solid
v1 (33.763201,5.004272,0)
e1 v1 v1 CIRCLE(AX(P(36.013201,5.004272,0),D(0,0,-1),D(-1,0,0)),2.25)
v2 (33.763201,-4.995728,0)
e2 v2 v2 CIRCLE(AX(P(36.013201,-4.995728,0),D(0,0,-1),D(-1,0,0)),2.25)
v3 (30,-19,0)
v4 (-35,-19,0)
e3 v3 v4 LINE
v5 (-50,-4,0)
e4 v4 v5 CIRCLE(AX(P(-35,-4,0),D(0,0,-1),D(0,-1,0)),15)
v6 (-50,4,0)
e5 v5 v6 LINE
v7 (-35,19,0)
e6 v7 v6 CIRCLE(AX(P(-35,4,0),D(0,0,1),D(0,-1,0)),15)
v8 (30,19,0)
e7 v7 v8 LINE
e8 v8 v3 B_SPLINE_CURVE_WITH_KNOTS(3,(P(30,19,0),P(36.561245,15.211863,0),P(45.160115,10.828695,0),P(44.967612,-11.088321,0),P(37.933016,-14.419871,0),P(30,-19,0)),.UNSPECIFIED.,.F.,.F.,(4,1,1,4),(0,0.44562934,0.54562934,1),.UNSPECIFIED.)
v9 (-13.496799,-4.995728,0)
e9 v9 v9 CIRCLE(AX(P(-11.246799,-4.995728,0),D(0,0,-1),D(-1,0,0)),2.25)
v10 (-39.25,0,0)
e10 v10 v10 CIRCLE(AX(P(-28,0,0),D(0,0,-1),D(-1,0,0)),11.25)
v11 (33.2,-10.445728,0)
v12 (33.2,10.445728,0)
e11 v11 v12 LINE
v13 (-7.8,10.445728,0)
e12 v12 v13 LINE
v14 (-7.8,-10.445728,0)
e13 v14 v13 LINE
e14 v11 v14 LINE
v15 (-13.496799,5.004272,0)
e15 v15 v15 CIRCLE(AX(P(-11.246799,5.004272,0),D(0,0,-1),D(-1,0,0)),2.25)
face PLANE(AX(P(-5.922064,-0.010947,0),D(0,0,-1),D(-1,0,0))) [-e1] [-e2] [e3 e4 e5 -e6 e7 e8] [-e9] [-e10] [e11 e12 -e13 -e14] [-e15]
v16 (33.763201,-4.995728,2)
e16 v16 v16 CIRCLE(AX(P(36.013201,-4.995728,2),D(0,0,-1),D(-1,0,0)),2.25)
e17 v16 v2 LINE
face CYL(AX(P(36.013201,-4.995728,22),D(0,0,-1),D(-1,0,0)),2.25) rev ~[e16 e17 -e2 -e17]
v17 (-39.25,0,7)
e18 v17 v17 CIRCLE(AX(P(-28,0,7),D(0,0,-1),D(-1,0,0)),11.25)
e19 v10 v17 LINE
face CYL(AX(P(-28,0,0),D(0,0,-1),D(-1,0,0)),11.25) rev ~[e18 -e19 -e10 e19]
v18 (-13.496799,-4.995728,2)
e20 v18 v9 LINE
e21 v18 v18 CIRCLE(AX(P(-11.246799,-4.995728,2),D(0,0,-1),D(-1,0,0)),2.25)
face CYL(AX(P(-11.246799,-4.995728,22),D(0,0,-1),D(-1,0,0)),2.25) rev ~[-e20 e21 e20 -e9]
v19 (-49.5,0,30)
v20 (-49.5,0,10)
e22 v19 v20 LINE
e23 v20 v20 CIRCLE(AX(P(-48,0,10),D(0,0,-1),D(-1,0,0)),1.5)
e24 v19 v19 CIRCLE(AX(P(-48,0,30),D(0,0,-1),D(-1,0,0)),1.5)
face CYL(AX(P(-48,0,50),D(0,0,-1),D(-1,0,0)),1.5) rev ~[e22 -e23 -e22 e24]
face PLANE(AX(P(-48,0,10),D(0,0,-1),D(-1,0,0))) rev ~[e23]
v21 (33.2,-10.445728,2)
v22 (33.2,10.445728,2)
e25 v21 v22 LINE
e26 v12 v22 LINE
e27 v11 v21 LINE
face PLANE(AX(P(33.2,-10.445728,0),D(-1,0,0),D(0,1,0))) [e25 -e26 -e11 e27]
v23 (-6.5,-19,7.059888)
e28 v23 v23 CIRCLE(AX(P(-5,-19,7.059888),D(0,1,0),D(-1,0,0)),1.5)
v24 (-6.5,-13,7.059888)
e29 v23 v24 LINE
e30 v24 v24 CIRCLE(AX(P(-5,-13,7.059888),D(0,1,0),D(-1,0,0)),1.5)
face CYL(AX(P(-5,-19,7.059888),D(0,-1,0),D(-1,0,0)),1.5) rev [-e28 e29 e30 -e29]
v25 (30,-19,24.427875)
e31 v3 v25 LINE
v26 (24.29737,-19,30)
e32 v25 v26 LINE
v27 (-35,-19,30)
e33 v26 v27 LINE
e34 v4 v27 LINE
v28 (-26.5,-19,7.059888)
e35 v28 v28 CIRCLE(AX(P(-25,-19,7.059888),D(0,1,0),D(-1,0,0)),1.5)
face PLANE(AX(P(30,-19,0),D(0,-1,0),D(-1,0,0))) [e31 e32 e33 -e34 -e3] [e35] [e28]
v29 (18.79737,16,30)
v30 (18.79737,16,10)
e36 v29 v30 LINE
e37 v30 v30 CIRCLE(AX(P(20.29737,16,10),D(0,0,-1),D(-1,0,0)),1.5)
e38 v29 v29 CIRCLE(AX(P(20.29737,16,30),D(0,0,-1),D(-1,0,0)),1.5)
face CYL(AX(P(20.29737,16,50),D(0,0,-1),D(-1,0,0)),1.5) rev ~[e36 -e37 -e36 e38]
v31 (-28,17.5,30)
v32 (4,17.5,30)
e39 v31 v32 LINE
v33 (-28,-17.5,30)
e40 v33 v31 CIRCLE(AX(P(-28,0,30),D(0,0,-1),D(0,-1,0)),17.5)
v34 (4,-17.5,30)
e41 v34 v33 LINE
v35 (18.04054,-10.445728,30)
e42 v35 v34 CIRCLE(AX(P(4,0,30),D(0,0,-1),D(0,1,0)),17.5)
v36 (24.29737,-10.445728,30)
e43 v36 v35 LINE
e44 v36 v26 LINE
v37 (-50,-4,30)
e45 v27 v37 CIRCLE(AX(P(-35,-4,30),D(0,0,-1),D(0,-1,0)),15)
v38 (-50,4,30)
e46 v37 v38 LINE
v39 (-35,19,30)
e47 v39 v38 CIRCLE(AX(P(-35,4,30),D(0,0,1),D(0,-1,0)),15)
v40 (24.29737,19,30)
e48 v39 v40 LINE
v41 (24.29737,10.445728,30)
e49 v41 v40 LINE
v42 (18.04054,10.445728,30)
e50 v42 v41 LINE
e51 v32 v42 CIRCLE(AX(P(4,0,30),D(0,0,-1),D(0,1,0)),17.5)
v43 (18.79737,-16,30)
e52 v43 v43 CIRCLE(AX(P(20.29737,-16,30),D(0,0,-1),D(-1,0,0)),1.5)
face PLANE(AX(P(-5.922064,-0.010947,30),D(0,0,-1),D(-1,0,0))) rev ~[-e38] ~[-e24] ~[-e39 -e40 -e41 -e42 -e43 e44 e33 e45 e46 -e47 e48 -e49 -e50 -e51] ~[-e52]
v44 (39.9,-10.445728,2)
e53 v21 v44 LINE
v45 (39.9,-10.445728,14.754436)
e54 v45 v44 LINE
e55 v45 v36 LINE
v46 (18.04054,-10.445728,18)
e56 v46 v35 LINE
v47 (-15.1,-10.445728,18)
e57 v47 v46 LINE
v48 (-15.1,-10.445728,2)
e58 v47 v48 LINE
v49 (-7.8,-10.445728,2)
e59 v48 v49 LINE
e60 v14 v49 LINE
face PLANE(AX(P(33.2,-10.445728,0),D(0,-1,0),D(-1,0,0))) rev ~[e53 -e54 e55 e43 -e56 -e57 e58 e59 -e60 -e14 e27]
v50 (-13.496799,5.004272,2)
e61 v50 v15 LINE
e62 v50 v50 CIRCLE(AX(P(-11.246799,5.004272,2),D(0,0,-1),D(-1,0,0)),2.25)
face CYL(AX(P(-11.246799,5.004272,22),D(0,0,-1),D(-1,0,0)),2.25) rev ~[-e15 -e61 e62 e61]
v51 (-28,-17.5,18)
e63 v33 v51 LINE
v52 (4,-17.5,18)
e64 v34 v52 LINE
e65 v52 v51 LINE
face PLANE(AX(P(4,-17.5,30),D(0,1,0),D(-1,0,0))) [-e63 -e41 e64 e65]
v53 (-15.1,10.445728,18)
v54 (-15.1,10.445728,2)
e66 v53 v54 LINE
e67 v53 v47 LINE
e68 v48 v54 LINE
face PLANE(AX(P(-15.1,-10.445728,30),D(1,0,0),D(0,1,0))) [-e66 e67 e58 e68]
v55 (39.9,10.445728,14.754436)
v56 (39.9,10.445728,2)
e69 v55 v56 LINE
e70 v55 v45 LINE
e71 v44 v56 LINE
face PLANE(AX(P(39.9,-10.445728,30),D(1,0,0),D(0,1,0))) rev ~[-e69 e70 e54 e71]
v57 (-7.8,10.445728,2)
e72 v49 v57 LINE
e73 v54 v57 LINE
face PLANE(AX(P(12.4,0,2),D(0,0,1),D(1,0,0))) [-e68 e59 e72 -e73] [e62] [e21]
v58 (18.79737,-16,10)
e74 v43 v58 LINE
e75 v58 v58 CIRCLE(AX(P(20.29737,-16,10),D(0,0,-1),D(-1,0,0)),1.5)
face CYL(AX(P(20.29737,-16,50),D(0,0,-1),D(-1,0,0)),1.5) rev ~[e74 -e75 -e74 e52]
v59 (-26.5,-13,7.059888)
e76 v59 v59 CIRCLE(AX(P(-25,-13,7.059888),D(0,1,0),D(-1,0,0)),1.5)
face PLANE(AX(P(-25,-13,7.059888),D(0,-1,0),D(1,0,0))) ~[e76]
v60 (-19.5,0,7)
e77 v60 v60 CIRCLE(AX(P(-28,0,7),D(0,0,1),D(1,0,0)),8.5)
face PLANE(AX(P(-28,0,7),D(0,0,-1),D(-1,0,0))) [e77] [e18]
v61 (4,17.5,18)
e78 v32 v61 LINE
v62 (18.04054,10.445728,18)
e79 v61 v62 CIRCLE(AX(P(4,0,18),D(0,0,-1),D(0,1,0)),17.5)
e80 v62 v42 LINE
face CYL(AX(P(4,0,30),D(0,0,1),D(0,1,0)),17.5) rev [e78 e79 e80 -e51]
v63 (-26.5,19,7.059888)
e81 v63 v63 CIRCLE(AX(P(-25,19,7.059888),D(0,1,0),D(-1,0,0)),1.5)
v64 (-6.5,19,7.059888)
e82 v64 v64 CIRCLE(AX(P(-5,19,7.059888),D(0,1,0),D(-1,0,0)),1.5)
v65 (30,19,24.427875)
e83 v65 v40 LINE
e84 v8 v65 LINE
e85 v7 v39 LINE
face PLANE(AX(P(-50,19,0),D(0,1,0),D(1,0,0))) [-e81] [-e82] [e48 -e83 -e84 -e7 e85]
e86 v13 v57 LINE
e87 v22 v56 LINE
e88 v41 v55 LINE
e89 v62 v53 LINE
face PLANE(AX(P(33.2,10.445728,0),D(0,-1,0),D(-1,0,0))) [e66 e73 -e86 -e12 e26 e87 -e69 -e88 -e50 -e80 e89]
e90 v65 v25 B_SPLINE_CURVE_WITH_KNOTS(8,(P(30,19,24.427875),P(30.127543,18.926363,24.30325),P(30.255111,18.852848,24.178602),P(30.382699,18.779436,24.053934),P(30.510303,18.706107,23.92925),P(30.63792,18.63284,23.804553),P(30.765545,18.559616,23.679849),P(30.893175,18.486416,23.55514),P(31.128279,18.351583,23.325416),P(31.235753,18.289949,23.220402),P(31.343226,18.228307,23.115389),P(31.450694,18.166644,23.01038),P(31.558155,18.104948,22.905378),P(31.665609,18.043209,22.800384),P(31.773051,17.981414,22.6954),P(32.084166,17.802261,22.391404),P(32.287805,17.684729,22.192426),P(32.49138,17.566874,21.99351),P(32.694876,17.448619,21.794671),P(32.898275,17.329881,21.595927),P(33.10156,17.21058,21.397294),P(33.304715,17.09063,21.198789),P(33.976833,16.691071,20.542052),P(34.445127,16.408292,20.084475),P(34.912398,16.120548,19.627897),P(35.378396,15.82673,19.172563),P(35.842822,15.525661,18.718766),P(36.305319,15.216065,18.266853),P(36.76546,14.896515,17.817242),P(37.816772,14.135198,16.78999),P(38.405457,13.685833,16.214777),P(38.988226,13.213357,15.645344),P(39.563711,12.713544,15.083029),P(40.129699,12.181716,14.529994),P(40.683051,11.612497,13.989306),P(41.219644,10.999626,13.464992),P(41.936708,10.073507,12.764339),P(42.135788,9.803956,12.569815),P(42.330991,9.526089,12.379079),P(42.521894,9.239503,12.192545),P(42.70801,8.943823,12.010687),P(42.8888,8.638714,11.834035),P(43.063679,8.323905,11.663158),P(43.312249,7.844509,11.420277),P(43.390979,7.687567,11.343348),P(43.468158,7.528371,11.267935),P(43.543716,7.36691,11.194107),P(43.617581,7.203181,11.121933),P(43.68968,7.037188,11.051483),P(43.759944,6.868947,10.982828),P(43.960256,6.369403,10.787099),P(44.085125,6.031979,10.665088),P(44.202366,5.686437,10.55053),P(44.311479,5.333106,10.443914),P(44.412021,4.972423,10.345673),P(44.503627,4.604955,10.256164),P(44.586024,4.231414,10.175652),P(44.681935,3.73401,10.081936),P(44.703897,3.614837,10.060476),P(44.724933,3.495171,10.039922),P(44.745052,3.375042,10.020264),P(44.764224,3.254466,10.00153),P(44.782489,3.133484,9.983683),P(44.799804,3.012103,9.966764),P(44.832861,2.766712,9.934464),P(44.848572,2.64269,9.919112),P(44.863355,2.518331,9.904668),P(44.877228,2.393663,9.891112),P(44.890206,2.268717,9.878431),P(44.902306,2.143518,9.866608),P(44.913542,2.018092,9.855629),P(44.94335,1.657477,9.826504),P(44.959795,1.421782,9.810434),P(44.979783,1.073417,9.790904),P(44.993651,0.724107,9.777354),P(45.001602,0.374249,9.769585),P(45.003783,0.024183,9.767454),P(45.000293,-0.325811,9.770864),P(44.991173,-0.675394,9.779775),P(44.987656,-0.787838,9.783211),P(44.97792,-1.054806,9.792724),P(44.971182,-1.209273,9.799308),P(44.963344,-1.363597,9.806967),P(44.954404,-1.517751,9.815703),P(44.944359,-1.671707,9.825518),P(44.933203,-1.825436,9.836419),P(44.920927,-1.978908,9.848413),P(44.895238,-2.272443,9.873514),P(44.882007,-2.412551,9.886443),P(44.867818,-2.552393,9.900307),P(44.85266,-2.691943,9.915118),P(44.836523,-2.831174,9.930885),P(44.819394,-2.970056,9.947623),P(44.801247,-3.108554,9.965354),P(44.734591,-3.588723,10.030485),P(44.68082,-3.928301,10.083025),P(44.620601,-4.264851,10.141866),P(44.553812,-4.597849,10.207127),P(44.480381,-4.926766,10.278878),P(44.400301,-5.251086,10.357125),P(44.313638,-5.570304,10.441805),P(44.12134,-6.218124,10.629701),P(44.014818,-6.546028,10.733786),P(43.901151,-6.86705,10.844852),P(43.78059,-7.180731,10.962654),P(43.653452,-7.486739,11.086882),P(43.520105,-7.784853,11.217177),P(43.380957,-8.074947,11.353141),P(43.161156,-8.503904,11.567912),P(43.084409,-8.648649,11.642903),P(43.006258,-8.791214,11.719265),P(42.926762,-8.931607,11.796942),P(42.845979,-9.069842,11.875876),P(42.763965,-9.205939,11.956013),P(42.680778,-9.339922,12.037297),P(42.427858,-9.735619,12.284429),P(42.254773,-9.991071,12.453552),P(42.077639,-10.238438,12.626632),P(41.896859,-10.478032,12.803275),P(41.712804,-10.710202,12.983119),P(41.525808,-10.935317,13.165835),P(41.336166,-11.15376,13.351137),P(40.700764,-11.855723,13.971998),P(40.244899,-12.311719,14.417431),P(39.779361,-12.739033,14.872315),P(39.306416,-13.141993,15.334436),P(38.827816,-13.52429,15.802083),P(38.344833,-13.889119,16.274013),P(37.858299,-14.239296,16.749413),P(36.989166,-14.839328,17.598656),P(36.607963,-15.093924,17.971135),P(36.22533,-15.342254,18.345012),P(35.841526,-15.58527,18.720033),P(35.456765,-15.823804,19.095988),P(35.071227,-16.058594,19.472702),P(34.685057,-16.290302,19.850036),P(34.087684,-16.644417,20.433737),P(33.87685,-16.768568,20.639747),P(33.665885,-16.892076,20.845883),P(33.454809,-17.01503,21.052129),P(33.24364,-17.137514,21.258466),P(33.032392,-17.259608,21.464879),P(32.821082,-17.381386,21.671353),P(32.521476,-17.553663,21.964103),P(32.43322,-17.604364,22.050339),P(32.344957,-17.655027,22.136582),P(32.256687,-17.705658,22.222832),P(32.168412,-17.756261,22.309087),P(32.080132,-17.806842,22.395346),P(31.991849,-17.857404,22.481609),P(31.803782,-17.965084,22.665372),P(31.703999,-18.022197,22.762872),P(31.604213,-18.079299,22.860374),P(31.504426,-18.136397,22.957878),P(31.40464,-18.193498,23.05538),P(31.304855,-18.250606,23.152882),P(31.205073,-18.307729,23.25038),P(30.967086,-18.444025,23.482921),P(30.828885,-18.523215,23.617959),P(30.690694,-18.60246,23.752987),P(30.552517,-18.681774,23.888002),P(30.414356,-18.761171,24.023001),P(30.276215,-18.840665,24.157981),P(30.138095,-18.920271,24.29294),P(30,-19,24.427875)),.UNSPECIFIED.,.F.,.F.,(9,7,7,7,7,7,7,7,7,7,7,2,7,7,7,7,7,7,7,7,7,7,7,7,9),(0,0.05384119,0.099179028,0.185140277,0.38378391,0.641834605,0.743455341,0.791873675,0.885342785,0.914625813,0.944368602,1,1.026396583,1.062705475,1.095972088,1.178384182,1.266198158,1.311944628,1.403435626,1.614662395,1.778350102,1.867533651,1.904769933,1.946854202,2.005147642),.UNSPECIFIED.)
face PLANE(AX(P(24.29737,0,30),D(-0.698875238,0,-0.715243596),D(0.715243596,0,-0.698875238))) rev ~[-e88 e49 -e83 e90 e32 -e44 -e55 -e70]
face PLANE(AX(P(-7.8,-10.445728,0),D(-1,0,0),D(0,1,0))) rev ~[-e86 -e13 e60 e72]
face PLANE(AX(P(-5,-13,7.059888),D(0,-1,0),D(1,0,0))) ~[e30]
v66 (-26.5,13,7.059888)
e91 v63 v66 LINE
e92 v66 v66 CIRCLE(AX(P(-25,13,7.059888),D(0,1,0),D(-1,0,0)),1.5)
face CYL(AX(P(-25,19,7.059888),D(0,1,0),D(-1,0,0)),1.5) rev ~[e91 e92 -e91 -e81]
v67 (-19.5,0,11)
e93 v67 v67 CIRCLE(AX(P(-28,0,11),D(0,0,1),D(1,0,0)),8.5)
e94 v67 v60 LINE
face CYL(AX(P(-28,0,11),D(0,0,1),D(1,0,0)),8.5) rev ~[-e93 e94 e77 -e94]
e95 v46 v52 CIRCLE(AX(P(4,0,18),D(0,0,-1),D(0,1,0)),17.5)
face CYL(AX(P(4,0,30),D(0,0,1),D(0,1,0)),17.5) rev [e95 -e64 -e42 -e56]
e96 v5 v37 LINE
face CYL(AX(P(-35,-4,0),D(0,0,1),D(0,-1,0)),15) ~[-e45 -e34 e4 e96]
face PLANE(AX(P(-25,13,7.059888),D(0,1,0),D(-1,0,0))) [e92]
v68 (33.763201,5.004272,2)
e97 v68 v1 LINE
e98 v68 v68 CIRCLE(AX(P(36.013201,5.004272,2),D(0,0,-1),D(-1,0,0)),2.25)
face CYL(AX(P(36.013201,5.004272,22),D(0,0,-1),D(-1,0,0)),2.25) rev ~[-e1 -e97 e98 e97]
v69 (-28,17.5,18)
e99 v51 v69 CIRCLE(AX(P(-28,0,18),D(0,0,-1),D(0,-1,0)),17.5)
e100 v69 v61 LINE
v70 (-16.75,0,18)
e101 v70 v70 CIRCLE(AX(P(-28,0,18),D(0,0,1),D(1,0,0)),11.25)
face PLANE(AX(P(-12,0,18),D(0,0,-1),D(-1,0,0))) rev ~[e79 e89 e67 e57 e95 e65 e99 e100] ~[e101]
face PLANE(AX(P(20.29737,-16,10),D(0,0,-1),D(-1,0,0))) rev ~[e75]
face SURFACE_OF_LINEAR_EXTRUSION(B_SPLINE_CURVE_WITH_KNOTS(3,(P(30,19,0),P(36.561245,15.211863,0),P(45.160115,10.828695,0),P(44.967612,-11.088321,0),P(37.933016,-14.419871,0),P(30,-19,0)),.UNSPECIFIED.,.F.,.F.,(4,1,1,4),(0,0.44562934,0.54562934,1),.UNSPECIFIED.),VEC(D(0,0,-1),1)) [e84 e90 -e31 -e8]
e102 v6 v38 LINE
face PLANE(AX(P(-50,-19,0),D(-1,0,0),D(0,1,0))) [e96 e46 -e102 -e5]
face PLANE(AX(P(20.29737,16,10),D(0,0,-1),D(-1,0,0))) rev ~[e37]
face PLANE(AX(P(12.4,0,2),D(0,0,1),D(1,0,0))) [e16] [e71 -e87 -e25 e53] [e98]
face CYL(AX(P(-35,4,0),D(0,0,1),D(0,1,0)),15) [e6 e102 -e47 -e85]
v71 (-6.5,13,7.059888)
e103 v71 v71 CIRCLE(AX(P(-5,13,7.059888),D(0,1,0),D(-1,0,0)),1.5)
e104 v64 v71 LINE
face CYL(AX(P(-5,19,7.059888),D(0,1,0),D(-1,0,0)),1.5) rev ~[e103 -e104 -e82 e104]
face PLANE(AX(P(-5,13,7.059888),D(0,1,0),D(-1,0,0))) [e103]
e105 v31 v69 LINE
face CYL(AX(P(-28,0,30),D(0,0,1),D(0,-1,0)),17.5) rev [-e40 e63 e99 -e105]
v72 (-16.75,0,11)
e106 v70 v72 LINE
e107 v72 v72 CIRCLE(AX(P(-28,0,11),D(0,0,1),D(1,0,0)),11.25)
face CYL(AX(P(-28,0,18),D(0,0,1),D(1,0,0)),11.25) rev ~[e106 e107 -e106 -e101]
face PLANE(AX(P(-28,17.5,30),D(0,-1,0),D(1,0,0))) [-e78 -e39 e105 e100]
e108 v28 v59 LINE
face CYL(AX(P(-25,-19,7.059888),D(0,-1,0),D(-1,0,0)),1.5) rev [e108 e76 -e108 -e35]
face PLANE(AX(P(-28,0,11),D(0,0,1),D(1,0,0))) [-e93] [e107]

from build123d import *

# Parameters (mm, degrees)
EXTRUDE1_DEPTH                 = 30
EXTRUDE2_DEPTH                 = 12
SKETCH4_R                      = 11.25
EXTRUDE3_DEPTH                 = 7
SKETCH5_R                      = 8.5
EXTRUDE4_DEPTH                 = 12.0000001
SKETCH6_R                      = 11.25
EXTRUDE5_DEPTH                 = 7
SKETCH8_R                      = 2.5
EXTRUDE6_DEPTH                 = 19.0000001
SKETCH7_W                      = 41
SKETCH7_H                      = 20.891455382
EXTRUDE7_DEPTH                 = 31.0000001
SKETCH10_W                     = 55
SKETCH10_H                     = 20.891455382
EXTRUDE8_DEPTH                 = 28
FILLET1_R                      = 15
EXTRUDE17_DEPTH                = 20.0000001
EXTRUDE17_DEPTH_BACK           = 20.0000001
SKETCH19_R                     = 1.5
EXTRUDE19_DEPTH                = 6
F_4_5_4_5_DIAMETER_HOLE1_D     = 4.5
F_4_5_4_5_DIAMETER_HOLE1_DEPTH = 20
F_3_0_3_DIAMETER_HOLE1_D       = 3
F_3_0_3_DIAMETER_HOLE1_DEPTH   = 20


with BuildPart() as part:
    # Sketch1 → Extrude1 (new body)
    with BuildSketch(Plane.XY):
        with BuildLine():
            Line((-50, 19), (30, 19))
            add(Edge.make_bspline(
                [(30, 19), (36.561245044, 15.211863407), (45.16011468, 10.828695002), (44.967612, -11.088320981), (37.933016475, -14.419870803), (30, -19)],
                knots=[0, 0, 0, 0, 0.44562934, 0.54562934, 1, 1, 1, 1], degree=3))
            Line((30, -19), (-50, -19))
            Line((-50, -19), (-50, 19))
        make_face()
    extrude(amount=EXTRUDE1_DEPTH)

    # Sketch2 → Extrude2 (cut)
    with BuildSketch(Plane.XY.offset(30)):
        with BuildLine():
            Line((-28, 17.5), (4, 17.5))
            ThreePointArc((4, 17.5), (21.5, 0), (4, -17.5))
            Line((4, -17.5), (-28, -17.5))
            ThreePointArc((-28, -17.5), (-45.5, 0), (-28, 17.5))
        make_face()
    extrude(amount=-EXTRUDE2_DEPTH, mode=Mode.SUBTRACT)

    # Sketch4 → Extrude3 (cut)
    with BuildSketch(Plane.XY.offset(18)):
        with Locations((-28, 0)):
            Circle(SKETCH4_R)
    extrude(amount=-EXTRUDE3_DEPTH, mode=Mode.SUBTRACT)

    # Sketch5 → Extrude4 (cut, through all)
    with BuildSketch(Plane.XY.offset(11)):
        with Locations((-28, 0)):
            Circle(SKETCH5_R)
    extrude(amount=-EXTRUDE4_DEPTH, mode=Mode.SUBTRACT)

    # Sketch6 → Extrude5 (cut)
    with BuildSketch(Plane(origin=(0, 0, 0), x_dir=(-1, 0, 0), z_dir=(0, 0, -1))):
        with Locations((28, 0)):
            Circle(SKETCH6_R)
    extrude(amount=-EXTRUDE5_DEPTH, mode=Mode.SUBTRACT)

    # Sketch8 → Extrude6 (cut, through all)
    with BuildSketch(Plane.XY.offset(18)):
        with Locations((2, 0)):
            Circle(SKETCH8_R)
    extrude(amount=-EXTRUDE6_DEPTH, mode=Mode.SUBTRACT)

    # Sketch7 → Extrude7 (cut, through all)
    with BuildSketch(Plane(origin=(0, 0, 0), x_dir=(-1, 0, 0), z_dir=(0, 0, -1))):
        with Locations((-12.7, 0)):
            Rectangle(SKETCH7_W, SKETCH7_H)
    extrude(amount=-EXTRUDE7_DEPTH, mode=Mode.SUBTRACT)

    # Sketch10 → Extrude8 (cut)
    with BuildSketch(Plane.XY.offset(30)):
        with Locations((12.4, 0)):
            Rectangle(SKETCH10_W, SKETCH10_H)
    extrude(amount=-EXTRUDE8_DEPTH, mode=Mode.SUBTRACT)

    # Fillet1
    fillet1_edges = [part.edges().sort_by_distance(p)[0] for p in [
        (-50, 19, 15),
        (-50, -19, 15),
    ]]
    fillet(fillet1_edges, radius=FILLET1_R)

    # Sketch17 → Extrude17 (cut, two sides)
    with BuildSketch(Plane(origin=(0, 0, 0), x_dir=(1, 0, 0), z_dir=(0, 1, 0))) as extrude17_sk:
        Polygon((55, 0), (55, -30), (24.297369985, -30), align=None)
    extrude(amount=EXTRUDE17_DEPTH, mode=Mode.SUBTRACT)
    extrude(extrude17_sk.sketch, amount=-EXTRUDE17_DEPTH_BACK, mode=Mode.SUBTRACT)

    # Sketch19 → Extrude19 (cut)
    with BuildSketch(Plane(origin=(0, 19, 0), x_dir=(-1, 0, 0), z_dir=(0, 1, 0))):
        with Locations((5, 7.059888019)):
            Circle(SKETCH19_R)
        with Locations((25, 7.059888019)):
            Circle(SKETCH19_R)
    extrude19 = extrude(amount=-EXTRUDE19_DEPTH, mode=Mode.SUBTRACT)

    # Mirror4: Extrude19 across plane
    add(extrude19.mirror(Plane.ZX), mode=Mode.SUBTRACT)

    # Ø4.5 (4.5) Diameter Hole1
    with Locations(Plane(origin=(36.013200545, 5.004272309, 2), x_dir=(1, 0, 0), z_dir=(0, 0, 1))):
        with Locations((0, 0), (0, -10), (-47.26, 0), (-47.26, -10)):
            Hole(F_4_5_4_5_DIAMETER_HOLE1_D / 2, depth=F_4_5_4_5_DIAMETER_HOLE1_DEPTH)

    # Ø3.0 (3) Diameter Hole1
    with Locations(Plane(origin=(-48, 0, 30), x_dir=(1, 0, 0), z_dir=(0, 0, 1))):
        with Locations((0, 0), (68.297369985, -16), (68.297369985, 16)):
            Hole(F_3_0_3_DIAMETER_HOLE1_D / 2, depth=F_3_0_3_DIAMETER_HOLE1_DEPTH)


solid = part.part
